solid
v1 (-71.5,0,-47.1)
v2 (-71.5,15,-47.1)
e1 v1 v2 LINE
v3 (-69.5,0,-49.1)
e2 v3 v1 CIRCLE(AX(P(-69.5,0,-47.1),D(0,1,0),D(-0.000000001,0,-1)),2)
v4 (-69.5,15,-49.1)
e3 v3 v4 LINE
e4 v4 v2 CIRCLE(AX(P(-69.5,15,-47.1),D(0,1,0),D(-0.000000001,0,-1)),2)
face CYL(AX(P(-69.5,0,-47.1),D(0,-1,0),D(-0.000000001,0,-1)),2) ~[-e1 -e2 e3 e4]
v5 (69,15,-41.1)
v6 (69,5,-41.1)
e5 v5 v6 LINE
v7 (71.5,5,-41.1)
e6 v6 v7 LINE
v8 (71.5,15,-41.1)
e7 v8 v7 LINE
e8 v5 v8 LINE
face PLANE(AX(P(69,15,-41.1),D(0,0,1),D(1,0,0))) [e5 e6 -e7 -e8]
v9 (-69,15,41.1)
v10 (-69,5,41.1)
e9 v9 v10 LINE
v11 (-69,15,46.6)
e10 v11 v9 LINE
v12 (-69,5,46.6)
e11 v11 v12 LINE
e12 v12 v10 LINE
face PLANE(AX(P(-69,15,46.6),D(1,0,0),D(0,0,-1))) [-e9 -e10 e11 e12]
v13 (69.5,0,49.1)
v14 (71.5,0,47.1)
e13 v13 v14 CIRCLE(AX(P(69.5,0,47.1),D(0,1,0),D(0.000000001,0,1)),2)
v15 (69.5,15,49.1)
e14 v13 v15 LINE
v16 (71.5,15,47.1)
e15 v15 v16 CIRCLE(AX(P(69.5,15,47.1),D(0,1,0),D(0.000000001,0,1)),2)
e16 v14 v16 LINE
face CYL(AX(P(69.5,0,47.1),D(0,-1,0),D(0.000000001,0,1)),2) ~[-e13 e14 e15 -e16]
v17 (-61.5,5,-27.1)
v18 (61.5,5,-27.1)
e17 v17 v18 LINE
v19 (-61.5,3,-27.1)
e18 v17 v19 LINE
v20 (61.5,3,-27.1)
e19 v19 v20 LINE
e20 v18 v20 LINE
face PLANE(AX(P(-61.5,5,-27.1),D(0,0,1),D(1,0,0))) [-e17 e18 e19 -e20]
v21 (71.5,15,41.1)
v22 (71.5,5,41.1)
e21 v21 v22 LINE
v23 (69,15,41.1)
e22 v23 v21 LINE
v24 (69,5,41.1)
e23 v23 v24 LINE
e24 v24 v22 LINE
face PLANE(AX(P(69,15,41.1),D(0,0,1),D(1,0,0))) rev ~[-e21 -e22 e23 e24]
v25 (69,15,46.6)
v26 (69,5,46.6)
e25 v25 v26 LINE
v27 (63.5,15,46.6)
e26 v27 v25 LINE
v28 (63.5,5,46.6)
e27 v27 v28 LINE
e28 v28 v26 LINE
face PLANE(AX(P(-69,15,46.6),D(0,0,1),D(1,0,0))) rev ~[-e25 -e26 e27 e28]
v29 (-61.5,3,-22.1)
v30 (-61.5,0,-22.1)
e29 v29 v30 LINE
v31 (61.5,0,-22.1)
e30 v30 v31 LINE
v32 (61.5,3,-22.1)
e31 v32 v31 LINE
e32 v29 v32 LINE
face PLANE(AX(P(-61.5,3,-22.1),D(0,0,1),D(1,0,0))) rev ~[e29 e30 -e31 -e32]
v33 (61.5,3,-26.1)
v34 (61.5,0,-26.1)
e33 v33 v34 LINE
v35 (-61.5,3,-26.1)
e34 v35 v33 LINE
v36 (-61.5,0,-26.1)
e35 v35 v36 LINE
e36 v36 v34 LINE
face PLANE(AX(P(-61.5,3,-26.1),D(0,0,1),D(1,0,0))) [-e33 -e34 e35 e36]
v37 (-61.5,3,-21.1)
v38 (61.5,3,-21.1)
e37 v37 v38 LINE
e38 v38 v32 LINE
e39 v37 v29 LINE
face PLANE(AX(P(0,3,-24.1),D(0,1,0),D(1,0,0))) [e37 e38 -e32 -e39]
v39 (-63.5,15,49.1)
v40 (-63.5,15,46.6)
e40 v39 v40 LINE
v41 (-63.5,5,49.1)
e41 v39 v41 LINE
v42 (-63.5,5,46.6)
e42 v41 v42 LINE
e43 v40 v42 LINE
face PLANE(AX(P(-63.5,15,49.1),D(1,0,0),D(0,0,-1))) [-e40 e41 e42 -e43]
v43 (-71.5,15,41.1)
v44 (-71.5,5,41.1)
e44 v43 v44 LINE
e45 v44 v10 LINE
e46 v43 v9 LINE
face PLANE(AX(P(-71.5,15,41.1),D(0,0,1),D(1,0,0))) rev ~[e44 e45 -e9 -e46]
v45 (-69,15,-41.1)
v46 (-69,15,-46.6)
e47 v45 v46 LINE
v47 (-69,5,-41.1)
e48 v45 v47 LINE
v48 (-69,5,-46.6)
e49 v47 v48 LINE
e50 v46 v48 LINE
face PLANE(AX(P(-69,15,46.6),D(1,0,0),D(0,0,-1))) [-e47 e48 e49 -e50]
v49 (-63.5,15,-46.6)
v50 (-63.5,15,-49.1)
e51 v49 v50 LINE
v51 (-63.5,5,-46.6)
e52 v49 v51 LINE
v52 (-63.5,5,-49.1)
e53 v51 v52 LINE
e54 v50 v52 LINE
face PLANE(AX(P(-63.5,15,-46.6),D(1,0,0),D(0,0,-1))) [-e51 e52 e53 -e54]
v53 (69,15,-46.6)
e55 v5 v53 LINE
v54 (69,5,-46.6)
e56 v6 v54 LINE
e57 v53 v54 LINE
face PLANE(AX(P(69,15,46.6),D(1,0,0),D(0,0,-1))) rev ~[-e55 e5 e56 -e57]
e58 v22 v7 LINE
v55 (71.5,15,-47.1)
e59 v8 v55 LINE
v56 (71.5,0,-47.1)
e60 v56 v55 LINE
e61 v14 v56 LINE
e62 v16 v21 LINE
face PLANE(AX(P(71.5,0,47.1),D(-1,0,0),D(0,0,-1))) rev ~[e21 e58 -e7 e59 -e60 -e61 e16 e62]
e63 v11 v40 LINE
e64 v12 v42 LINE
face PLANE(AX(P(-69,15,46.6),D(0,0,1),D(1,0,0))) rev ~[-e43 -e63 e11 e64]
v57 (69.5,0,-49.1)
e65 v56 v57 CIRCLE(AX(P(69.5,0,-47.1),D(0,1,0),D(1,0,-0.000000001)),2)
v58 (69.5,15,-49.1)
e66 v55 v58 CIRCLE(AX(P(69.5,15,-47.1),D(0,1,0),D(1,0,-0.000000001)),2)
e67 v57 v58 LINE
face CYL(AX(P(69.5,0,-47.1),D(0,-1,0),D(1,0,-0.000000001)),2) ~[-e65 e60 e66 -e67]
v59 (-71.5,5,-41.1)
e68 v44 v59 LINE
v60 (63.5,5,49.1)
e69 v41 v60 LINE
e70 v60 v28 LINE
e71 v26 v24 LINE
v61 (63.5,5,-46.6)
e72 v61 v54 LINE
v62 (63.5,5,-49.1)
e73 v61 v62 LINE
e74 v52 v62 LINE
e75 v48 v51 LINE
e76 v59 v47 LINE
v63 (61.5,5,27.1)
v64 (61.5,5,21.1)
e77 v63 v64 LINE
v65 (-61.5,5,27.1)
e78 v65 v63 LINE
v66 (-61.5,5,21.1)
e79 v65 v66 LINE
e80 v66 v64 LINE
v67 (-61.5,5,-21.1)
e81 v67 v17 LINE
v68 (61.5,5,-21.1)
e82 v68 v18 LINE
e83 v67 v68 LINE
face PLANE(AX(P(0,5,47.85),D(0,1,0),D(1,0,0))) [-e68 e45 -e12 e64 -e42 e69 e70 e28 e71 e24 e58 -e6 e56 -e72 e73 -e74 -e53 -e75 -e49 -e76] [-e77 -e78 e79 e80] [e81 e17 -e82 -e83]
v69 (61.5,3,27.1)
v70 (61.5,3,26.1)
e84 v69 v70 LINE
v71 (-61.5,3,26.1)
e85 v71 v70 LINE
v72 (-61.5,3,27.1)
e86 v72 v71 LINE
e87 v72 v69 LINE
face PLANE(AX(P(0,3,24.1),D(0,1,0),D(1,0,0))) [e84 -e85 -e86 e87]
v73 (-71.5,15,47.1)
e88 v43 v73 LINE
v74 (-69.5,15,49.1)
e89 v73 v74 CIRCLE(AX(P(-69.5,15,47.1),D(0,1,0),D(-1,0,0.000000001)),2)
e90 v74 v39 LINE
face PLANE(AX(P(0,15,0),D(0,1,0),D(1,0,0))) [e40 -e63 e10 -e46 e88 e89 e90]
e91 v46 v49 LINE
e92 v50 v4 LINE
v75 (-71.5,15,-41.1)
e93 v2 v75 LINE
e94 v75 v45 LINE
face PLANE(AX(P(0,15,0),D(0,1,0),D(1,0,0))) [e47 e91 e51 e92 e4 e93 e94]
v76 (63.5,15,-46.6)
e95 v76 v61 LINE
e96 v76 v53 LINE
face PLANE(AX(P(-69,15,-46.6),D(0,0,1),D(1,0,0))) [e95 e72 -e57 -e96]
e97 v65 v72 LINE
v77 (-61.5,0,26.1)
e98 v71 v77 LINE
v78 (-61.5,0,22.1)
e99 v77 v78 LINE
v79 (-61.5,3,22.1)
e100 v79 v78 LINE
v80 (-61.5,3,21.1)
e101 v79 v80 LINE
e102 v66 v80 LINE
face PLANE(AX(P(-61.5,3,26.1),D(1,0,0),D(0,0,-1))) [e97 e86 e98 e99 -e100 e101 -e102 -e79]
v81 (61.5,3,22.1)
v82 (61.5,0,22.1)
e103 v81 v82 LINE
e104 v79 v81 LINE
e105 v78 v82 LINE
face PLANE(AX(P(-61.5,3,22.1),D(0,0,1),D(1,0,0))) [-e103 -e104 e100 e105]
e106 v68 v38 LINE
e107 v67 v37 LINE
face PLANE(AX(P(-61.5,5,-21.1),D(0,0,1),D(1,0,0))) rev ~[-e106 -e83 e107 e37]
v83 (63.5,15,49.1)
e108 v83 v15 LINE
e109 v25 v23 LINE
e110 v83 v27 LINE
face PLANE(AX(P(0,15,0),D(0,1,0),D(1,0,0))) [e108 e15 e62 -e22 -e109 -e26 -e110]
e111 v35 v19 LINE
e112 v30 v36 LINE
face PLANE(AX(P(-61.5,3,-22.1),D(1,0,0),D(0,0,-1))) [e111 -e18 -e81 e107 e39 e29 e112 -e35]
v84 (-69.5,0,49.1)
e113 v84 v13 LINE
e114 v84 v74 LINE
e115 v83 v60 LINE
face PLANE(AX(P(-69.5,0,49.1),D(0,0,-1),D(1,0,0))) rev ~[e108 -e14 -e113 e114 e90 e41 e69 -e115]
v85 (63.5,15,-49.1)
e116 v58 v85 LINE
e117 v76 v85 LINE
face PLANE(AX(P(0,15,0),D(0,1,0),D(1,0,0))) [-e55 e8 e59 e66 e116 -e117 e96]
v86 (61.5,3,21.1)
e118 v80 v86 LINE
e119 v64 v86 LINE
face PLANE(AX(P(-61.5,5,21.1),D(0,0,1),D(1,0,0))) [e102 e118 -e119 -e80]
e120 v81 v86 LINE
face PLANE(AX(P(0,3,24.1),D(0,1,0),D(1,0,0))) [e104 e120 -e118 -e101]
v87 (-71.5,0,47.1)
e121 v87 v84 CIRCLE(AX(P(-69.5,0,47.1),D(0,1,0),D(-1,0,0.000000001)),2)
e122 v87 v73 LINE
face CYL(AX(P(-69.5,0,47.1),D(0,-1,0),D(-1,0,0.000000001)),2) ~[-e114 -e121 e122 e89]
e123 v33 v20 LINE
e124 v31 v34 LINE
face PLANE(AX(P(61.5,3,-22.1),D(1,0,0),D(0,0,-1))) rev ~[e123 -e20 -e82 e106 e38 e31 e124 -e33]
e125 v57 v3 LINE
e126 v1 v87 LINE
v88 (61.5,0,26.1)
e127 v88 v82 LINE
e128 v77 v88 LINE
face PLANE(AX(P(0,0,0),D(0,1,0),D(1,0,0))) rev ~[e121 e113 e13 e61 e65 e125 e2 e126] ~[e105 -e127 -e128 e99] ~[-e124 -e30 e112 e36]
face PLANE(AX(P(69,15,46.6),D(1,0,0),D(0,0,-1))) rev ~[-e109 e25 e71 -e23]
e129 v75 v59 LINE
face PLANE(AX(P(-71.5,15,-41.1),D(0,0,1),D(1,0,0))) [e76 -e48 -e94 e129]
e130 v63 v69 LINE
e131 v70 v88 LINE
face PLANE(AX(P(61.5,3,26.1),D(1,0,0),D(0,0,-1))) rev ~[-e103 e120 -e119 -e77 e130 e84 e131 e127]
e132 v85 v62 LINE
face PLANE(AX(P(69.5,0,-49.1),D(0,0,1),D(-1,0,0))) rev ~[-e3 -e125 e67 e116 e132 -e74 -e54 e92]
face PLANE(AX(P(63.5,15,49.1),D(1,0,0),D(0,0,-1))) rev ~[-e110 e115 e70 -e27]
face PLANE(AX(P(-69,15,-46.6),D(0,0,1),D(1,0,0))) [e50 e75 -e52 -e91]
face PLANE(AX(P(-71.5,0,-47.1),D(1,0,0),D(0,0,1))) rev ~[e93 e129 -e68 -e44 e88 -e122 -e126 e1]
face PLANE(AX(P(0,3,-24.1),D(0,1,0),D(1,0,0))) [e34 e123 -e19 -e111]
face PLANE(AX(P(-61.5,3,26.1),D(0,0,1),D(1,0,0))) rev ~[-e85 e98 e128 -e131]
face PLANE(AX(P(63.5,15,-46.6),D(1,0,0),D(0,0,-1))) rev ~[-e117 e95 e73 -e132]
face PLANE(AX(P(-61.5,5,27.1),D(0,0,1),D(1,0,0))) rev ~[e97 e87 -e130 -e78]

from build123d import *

# Parameters (mm, degrees)
BOSS_EXTRUDE1_DEPTH = 15
SKETCH2_W           = 138
SKETCH2_H           = 93.2
CUT_EXTRUDE1_DEPTH  = 10
SKETCH3_W           = 2.5
SKETCH3_H           = 82.2
SKETCH3_W_2         = 127
SKETCH3_H_2         = 2.5
CUT_EXTRUDE2_DEPTH  = 10
SKETCH7_W           = 123
SKETCH7_H           = 6
CUT_EXTRUDE6_DEPTH  = 2
SKETCH8_W           = 123
SKETCH8_H           = 4
CUT_EXTRUDE7_DEPTH  = 3


with BuildPart() as part:
    # Sketch1 → Boss-Extrude1 (new body)
    with BuildSketch(Plane(origin=(0, 0, 0), x_dir=(1, 0, 0), z_dir=(0, 1, 0))):
        with BuildLine():
            Line((-69.5, -49.1), (69.5, -49.1))
            ThreePointArc((69.5, -49.1), (70.914213562, -48.514213562), (71.5, -47.1))
            Line((71.5, -47.1), (71.5, 47.1))
            ThreePointArc((71.5, 47.1), (70.914213562, 48.514213562), (69.5, 49.1))
            Line((69.5, 49.1), (-69.5, 49.1))
            ThreePointArc((-69.5, 49.1), (-70.914213562, 48.514213562), (-71.5, 47.1))
            Line((-71.5, 47.1), (-71.5, -47.1))
            ThreePointArc((-71.5, -47.1), (-70.914213562, -48.514213562), (-69.5, -49.1))
        make_face()
    extrude(amount=BOSS_EXTRUDE1_DEPTH)

    # Sketch2 → Cut-Extrude1 (cut)
    with BuildSketch(Plane(origin=(0, 15, 0), x_dir=(1, 0, 0), z_dir=(0, 1, 0))):
        Rectangle(SKETCH2_W, SKETCH2_H)
    extrude(amount=-CUT_EXTRUDE1_DEPTH, mode=Mode.SUBTRACT)

    # Sketch3 → Cut-Extrude2 (cut)
    with BuildSketch(Plane(origin=(0, 15, 0), x_dir=(1, 0, 0), z_dir=(0, 1, 0))):
        with Locations((-70.25, 0)):
            Rectangle(SKETCH3_W, SKETCH3_H)
        with Locations((0, 47.85)):
            Rectangle(SKETCH3_W_2, SKETCH3_H_2)
        with Locations((70.25, 0)):
            Rectangle(SKETCH3_W, SKETCH3_H)
        with Locations((0, -47.85)):
            Rectangle(SKETCH3_W_2, SKETCH3_H_2)
    extrude(amount=-CUT_EXTRUDE2_DEPTH, mode=Mode.SUBTRACT)

    # Sketch7 → Cut-Extrude6 (cut)
    with BuildSketch(Plane(origin=(0, 5, 0), x_dir=(1, 0, 0), z_dir=(0, 1, 0))):
        with Locations((0, 24.1)):
            Rectangle(SKETCH7_W, SKETCH7_H)
        with Locations((0, -24.1)):
            Rectangle(SKETCH7_W, SKETCH7_H)
    extrude(amount=-CUT_EXTRUDE6_DEPTH, mode=Mode.SUBTRACT)

    # Sketch8 → Cut-Extrude7 (cut)
    with BuildSketch(Plane(origin=(0, 3, 0), x_dir=(1, 0, 0), z_dir=(0, 1, 0))):
        with Locations((0, 24.1)):
            Rectangle(SKETCH8_W, SKETCH8_H)
        with Locations((0, -24.1)):
            Rectangle(SKETCH8_W, SKETCH8_H)
    extrude(amount=-CUT_EXTRUDE7_DEPTH, mode=Mode.SUBTRACT)


solid = part.part
